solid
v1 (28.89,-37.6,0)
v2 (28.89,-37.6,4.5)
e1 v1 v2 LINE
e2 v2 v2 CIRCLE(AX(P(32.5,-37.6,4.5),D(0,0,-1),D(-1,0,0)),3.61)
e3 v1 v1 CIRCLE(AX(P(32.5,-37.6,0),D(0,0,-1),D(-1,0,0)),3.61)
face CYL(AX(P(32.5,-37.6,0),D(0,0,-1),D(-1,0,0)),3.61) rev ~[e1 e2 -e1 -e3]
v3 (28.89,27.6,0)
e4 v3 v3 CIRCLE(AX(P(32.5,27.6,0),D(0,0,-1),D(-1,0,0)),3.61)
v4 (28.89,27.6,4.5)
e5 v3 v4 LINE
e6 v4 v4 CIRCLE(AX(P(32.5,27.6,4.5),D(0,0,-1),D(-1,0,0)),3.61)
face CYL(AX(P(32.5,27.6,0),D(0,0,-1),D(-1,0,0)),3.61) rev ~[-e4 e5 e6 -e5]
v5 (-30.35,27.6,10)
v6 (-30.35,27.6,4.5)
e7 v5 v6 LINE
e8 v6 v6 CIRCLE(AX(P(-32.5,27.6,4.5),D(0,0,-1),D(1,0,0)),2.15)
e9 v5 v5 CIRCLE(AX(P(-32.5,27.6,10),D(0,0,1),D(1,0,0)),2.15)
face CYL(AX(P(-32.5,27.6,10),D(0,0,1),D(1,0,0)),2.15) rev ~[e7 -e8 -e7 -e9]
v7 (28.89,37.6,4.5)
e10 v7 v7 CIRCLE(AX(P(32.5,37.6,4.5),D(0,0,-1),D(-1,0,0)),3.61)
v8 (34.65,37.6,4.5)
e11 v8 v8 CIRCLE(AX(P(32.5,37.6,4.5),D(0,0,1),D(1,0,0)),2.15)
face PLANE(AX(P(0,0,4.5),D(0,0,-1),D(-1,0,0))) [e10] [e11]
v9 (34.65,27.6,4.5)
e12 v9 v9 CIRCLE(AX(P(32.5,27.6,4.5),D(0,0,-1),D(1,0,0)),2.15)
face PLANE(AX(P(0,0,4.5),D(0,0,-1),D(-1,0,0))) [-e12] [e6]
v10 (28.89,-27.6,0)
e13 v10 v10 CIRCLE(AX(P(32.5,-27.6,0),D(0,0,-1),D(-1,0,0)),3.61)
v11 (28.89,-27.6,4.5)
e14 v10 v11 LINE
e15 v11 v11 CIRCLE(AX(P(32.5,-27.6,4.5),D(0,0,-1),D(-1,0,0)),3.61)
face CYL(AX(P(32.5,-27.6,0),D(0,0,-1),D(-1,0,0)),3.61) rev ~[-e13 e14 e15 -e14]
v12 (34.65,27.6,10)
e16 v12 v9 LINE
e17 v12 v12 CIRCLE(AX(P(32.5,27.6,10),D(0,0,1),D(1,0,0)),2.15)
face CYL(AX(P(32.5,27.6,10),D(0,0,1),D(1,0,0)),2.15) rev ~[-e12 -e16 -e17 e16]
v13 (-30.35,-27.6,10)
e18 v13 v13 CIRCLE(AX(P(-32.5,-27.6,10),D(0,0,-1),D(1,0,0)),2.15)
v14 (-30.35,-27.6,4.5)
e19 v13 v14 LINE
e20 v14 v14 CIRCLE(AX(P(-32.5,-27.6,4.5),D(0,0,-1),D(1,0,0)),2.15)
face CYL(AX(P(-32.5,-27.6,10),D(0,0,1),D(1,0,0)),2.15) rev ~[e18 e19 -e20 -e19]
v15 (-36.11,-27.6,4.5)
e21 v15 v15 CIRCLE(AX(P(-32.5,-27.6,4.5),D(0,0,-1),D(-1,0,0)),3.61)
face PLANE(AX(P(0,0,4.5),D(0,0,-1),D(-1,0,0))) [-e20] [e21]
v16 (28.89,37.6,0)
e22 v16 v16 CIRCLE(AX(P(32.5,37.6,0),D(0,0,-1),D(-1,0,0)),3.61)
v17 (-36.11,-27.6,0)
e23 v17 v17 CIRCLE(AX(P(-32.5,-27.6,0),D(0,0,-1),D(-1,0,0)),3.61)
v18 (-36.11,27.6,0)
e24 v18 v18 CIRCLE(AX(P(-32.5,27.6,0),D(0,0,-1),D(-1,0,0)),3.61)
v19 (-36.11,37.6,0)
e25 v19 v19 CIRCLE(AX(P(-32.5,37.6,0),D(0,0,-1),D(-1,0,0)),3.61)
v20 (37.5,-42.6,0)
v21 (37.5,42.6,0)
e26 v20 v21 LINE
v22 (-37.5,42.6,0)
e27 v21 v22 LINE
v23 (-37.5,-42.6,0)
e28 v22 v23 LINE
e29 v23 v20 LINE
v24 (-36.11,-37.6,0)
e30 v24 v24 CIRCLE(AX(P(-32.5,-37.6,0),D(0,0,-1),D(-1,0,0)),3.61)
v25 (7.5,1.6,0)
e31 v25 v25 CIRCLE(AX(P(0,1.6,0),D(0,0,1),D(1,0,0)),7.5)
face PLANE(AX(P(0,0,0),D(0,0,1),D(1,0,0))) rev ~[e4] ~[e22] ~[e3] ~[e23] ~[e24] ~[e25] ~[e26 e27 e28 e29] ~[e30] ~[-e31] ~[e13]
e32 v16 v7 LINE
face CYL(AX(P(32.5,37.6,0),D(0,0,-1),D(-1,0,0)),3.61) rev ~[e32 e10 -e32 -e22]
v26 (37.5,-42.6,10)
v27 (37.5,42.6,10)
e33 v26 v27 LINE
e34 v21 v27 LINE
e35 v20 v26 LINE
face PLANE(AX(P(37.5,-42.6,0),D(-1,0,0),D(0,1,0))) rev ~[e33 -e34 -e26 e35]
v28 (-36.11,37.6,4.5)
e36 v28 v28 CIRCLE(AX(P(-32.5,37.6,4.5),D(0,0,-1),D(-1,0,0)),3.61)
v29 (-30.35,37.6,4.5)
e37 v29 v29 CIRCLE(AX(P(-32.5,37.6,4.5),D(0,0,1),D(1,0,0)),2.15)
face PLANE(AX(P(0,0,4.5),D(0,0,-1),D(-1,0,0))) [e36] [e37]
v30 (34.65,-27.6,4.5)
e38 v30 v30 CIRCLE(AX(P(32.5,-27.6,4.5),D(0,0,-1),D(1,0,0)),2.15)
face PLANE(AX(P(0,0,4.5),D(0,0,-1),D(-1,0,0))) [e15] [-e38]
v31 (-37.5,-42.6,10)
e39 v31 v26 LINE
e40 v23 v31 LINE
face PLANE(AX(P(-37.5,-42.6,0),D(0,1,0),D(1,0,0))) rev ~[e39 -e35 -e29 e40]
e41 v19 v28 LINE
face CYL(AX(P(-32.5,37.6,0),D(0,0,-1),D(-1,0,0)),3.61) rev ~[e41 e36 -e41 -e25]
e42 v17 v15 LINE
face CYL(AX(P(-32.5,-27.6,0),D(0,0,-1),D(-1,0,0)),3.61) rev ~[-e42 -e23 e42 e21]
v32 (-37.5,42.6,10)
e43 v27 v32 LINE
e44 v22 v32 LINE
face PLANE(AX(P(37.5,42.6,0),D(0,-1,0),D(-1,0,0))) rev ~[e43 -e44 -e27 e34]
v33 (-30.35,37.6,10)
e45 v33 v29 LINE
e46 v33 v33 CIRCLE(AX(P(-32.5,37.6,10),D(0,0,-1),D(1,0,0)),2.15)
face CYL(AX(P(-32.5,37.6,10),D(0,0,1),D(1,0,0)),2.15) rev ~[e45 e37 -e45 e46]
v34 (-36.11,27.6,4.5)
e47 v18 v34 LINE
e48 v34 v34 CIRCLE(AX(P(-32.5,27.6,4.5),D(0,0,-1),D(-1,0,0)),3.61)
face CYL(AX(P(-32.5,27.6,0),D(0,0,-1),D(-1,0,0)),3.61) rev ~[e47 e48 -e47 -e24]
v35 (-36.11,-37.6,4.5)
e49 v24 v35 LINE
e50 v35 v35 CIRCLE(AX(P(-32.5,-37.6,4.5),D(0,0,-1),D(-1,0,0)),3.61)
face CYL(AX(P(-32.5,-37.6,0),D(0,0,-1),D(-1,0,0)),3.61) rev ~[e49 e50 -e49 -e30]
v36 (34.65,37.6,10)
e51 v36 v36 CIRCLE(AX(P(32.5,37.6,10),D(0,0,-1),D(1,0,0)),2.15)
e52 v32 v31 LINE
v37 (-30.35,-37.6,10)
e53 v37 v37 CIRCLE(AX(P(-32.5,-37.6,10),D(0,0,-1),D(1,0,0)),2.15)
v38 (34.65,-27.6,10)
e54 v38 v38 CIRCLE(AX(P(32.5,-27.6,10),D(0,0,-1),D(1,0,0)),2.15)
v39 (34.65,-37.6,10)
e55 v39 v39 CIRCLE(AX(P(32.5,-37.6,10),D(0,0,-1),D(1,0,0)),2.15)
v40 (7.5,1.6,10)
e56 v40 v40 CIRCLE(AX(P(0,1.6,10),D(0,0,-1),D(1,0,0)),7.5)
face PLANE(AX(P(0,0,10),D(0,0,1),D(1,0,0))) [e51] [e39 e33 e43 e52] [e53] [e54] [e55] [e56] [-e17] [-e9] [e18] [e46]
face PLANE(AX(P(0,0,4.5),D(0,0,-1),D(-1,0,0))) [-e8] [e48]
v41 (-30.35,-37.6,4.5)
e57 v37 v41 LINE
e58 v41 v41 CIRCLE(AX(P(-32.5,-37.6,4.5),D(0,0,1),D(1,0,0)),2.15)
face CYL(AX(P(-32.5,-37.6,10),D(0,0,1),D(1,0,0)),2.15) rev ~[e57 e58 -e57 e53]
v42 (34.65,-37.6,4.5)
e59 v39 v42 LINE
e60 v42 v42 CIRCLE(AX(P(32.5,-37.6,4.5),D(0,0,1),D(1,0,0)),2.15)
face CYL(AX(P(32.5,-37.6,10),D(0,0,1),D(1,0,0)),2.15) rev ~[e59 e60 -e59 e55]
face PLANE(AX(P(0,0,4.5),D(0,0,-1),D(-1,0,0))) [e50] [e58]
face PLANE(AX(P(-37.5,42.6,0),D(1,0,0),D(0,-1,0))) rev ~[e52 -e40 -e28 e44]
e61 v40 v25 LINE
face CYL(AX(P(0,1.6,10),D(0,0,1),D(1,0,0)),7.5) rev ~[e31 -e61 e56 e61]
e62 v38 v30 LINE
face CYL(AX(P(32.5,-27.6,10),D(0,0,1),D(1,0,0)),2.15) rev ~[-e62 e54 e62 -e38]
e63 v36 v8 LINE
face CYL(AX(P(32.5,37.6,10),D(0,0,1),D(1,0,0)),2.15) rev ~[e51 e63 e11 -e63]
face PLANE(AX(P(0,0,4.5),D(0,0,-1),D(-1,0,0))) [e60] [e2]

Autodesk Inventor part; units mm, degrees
ref_plane "YZ Plane" through (0, 0, 0) normal (1, 0, 0) x (0, 1, 0)
ref_plane "XZ Plane" through (0, 0, 0) normal (0, 1, 0) x (-1, 0, 0)
ref_plane "XY Plane" through (0, 0, 0) normal (0, 0, 1) x (1, 0, 0)
sketch "Sketch1" plane through (0, 0, 0) normal (0, 0, 1) x (1, 0, 0)
  line L0 (-37.5, -42.6) -> (37.5, -42.6)
  line L1 (37.5, -42.6) -> (37.5, 42.6)
  line L2 (37.5, 42.6) -> (-37.5, 42.6)
  line L3 (-37.5, 42.6) -> (-37.5, -42.6)
  line L4 (-37.5, -42.6) -> (37.5, 42.6) construction
  line L5 (37.5, -42.6) -> (-37.5, 42.6) construction
  point P0 (0, 0)
  dimension "d0" = 75
  dimension "d1" = 85.2
extrude "Extrusion1" add sketch "Sketch1" along normal blind 10
sketch "Sketch4" plane through (0, 0, 10) normal (0, 0, 1) x (1, 0, 0)
  point P0 (0, 0)
sketch "Sketch5" plane through (0, 0, 10) normal (0, 0, 1) x (1, 0, 0)
  line L0 (-37.5, -42.6) -> (37.5, -42.6) projected
  line L1 (0, -42.6) -> (0, 1.6)
  circle A0 centre (0, 1.6) radius 7.5
  line L2 (0, 1.6) -> (13, 1.6)
  point P0 (0, 0)
  dimension "d21" = 44.2
  dimension "d22" = 15
extrude "Extrusion6" cut sketch "Sketch5" against normal blind 10
sketch "Sketch6" plane through (0, 0, 10) normal (0, 0, 1) x (1, 0, 0)
  circle A0 centre (13, 6.6) radius 3.75 projected
sketch "Boceto8" plane through (0, 0, 10) normal (0, 0, 1) x (1, 0, 0)
  circle A0 centre (-9.5, 7.6) radius 2.5 projected
sketch "Boceto9" plane through (0, 0, 0) normal (0, 0, -1) x (-1, 0, 0)
  circle A0 centre (9.5, 7.6) radius 2.5 projected
sketch "Boceto10" plane through (0, 0, 10) normal (0, 0, 1) x (1, 0, 0)
  circle A0 centre (-9.5, 7.6) radius 2.5 projected
sketch "Boceto11" plane through (0, 0, 0) normal (0, 0, -1) x (-1, 0, 0)
  circle A0 centre (9.5, 7.6) radius 2.5 projected
sketch "Sketch12" plane through (0, 0, 10) normal (0, 0, 1) x (1, 0, 0)
  point P0 (0, 0)
sketch "Sketch15" plane through (0, 0, 0) normal (0, 0, -1) x (-1, 0, 0)
  circle A0 centre (32.5, 37.6) radius 2 projected
  circle A1 centre (32.5, 37.6) radius 3.61
  line L0 (-37.5, 42.6) -> (37.5, 42.6) projected
  line L1 (0, 42.6) -> (0, 0)
  line L2 (-37.5, -42.6) -> (-37.5, 42.6) projected
  line L3 (-37.5, 0) -> (37.5, 0)
  circle A2 centre (-32.5, 37.6) radius 2
  circle A3 centre (-32.5, 37.6) radius 3.61
  circle A4 centre (32.5, -37.6) radius 2
  circle A5 centre (32.5, -37.6) radius 3.61
  circle A6 centre (-32.5, -37.6) radius 2
  circle A7 centre (-32.5, -37.6) radius 3.61
  point P0 (0, -42.6)
  dimension "d52" = 7.22
extrude "Extrusion10" cut sketch "Sketch15" against normal blind 4.5 contours A0 | A1 | A3 | A4 | A5 | A6 | A7
sketch "Sketch13" plane through (0, 0, 10) normal (0, 0, 1) x (1, 0, 0)
  line L0 (37.5, -42.6) -> (37.5, 42.6) projected
  line L1 (37.5, -42.6) -> (32.5, -42.6)
  line L2 (-37.5, -42.6) -> (37.5, -42.6) projected
  line L3 (32.5, -42.6) -> (32.5, -37.6)
  circle A0 centre (32.5, -37.6) radius 2.15
  circle A1 centre (32.5, -37.6) radius 3.61
  line L4 (0, 0) -> (0, -42.6)
  line L5 (-37.5, 42.6) -> (-37.5, -42.6) projected
  line L6 (-37.5, 0) -> (37.5, 0)
  line L7 (-32.5, -42.6) -> (-32.5, -37.6)
  circle A2 centre (-32.5, -37.6) radius 2.15
  circle A3 centre (-32.5, -37.6) radius 3.61
  line L8 (37.5, 42.6) -> (32.5, 42.6)
  line L9 (-37.5, 42.6) -> (37.5, 42.6)
  line L10 (32.5, 42.6) -> (32.5, 37.6)
  circle A4 centre (32.5, 37.6) radius 2.15
  circle A5 centre (32.5, 37.6) radius 3.61
  line L11 (-32.5, 42.6) -> (-32.5, 37.6)
  circle A6 centre (-32.5, 37.6) radius 2.15
  circle A7 centre (-32.5, 37.6) radius 3.61
  line L12 (32.5, -37.6) -> (32.5, -27.6)
  circle A8 centre (32.5, -27.6) radius 2.15
  circle A9 centre (32.5, -27.6) radius 3.61
  line L13 (-37.5, -42.6) -> (-37.5, 42.6)
  line L14 (-37.5, -42.6) -> (-32.5, -42.6)
  line L15 (37.5, -42.6) -> (-37.5, -42.6)
  line L16 (-32.5, -42.6) -> (-32.5, -37.6)
  circle A10 centre (-32.5, -37.6) radius 2.15
  circle A11 centre (-32.5, -37.6) radius 3.61
  line L17 (-32.5, -37.6) -> (-32.5, -27.6)
  circle A12 centre (-32.5, -27.6) radius 2.15
  circle A13 centre (-32.5, -27.6) radius 3.61
  circle A14 centre (32.5, 27.6) radius 2.15
  circle A15 centre (32.5, 27.6) radius 3.61
  circle A16 centre (-32.5, 27.6) radius 2.15
  circle A17 centre (-32.5, 27.6) radius 3.61
  point P0 (0, 42.6)
  dimension "d43" = 5
  dimension "d44" = 5
  dimension "d45" = 4.3
  dimension "d46" = 7.22
  dimension "d55" = 10
  dimension "d56" = 4.3
  dimension "d57" = 7.22
extrude "Extrusion11" cut sketch "Sketch13" against normal blind 10 contours A8 | A4 | A6 | A12 | A0 L12 L3 | L3 L12 A0 | A2 L17 L7 | L7 L17 A2 | A14 | A16
sketch "Sketch16" plane through (0, 0, 0) normal (0, 0, -1) x (-1, 0, 0)
  circle A0 centre (-32.5, 27.6) radius 2.15 projected
  circle A1 centre (-32.5, 27.6) radius 3.61
  circle A2 centre (32.5, 27.6) radius 2.15 projected
  circle A3 centre (32.5, 27.6) radius 3.61
  circle A4 centre (-32.5, -27.6) radius 2.15 projected
  circle A5 centre (-32.5, -27.6) radius 3.61
  circle A6 centre (32.5, -27.6) radius 2.15 projected
  circle A7 centre (32.5, -27.6) radius 3.61
  point P0 (0, 0)
  dimension "d60" = 7.22
  dimension "d61" = 7.22
  dimension "d62" = 7.22
  dimension "d63" = 7.22
extrude "Extrusion12" cut sketch "Sketch16" against normal blind 4.5
properties part number "Rb PEEK - Corto con ventana"
